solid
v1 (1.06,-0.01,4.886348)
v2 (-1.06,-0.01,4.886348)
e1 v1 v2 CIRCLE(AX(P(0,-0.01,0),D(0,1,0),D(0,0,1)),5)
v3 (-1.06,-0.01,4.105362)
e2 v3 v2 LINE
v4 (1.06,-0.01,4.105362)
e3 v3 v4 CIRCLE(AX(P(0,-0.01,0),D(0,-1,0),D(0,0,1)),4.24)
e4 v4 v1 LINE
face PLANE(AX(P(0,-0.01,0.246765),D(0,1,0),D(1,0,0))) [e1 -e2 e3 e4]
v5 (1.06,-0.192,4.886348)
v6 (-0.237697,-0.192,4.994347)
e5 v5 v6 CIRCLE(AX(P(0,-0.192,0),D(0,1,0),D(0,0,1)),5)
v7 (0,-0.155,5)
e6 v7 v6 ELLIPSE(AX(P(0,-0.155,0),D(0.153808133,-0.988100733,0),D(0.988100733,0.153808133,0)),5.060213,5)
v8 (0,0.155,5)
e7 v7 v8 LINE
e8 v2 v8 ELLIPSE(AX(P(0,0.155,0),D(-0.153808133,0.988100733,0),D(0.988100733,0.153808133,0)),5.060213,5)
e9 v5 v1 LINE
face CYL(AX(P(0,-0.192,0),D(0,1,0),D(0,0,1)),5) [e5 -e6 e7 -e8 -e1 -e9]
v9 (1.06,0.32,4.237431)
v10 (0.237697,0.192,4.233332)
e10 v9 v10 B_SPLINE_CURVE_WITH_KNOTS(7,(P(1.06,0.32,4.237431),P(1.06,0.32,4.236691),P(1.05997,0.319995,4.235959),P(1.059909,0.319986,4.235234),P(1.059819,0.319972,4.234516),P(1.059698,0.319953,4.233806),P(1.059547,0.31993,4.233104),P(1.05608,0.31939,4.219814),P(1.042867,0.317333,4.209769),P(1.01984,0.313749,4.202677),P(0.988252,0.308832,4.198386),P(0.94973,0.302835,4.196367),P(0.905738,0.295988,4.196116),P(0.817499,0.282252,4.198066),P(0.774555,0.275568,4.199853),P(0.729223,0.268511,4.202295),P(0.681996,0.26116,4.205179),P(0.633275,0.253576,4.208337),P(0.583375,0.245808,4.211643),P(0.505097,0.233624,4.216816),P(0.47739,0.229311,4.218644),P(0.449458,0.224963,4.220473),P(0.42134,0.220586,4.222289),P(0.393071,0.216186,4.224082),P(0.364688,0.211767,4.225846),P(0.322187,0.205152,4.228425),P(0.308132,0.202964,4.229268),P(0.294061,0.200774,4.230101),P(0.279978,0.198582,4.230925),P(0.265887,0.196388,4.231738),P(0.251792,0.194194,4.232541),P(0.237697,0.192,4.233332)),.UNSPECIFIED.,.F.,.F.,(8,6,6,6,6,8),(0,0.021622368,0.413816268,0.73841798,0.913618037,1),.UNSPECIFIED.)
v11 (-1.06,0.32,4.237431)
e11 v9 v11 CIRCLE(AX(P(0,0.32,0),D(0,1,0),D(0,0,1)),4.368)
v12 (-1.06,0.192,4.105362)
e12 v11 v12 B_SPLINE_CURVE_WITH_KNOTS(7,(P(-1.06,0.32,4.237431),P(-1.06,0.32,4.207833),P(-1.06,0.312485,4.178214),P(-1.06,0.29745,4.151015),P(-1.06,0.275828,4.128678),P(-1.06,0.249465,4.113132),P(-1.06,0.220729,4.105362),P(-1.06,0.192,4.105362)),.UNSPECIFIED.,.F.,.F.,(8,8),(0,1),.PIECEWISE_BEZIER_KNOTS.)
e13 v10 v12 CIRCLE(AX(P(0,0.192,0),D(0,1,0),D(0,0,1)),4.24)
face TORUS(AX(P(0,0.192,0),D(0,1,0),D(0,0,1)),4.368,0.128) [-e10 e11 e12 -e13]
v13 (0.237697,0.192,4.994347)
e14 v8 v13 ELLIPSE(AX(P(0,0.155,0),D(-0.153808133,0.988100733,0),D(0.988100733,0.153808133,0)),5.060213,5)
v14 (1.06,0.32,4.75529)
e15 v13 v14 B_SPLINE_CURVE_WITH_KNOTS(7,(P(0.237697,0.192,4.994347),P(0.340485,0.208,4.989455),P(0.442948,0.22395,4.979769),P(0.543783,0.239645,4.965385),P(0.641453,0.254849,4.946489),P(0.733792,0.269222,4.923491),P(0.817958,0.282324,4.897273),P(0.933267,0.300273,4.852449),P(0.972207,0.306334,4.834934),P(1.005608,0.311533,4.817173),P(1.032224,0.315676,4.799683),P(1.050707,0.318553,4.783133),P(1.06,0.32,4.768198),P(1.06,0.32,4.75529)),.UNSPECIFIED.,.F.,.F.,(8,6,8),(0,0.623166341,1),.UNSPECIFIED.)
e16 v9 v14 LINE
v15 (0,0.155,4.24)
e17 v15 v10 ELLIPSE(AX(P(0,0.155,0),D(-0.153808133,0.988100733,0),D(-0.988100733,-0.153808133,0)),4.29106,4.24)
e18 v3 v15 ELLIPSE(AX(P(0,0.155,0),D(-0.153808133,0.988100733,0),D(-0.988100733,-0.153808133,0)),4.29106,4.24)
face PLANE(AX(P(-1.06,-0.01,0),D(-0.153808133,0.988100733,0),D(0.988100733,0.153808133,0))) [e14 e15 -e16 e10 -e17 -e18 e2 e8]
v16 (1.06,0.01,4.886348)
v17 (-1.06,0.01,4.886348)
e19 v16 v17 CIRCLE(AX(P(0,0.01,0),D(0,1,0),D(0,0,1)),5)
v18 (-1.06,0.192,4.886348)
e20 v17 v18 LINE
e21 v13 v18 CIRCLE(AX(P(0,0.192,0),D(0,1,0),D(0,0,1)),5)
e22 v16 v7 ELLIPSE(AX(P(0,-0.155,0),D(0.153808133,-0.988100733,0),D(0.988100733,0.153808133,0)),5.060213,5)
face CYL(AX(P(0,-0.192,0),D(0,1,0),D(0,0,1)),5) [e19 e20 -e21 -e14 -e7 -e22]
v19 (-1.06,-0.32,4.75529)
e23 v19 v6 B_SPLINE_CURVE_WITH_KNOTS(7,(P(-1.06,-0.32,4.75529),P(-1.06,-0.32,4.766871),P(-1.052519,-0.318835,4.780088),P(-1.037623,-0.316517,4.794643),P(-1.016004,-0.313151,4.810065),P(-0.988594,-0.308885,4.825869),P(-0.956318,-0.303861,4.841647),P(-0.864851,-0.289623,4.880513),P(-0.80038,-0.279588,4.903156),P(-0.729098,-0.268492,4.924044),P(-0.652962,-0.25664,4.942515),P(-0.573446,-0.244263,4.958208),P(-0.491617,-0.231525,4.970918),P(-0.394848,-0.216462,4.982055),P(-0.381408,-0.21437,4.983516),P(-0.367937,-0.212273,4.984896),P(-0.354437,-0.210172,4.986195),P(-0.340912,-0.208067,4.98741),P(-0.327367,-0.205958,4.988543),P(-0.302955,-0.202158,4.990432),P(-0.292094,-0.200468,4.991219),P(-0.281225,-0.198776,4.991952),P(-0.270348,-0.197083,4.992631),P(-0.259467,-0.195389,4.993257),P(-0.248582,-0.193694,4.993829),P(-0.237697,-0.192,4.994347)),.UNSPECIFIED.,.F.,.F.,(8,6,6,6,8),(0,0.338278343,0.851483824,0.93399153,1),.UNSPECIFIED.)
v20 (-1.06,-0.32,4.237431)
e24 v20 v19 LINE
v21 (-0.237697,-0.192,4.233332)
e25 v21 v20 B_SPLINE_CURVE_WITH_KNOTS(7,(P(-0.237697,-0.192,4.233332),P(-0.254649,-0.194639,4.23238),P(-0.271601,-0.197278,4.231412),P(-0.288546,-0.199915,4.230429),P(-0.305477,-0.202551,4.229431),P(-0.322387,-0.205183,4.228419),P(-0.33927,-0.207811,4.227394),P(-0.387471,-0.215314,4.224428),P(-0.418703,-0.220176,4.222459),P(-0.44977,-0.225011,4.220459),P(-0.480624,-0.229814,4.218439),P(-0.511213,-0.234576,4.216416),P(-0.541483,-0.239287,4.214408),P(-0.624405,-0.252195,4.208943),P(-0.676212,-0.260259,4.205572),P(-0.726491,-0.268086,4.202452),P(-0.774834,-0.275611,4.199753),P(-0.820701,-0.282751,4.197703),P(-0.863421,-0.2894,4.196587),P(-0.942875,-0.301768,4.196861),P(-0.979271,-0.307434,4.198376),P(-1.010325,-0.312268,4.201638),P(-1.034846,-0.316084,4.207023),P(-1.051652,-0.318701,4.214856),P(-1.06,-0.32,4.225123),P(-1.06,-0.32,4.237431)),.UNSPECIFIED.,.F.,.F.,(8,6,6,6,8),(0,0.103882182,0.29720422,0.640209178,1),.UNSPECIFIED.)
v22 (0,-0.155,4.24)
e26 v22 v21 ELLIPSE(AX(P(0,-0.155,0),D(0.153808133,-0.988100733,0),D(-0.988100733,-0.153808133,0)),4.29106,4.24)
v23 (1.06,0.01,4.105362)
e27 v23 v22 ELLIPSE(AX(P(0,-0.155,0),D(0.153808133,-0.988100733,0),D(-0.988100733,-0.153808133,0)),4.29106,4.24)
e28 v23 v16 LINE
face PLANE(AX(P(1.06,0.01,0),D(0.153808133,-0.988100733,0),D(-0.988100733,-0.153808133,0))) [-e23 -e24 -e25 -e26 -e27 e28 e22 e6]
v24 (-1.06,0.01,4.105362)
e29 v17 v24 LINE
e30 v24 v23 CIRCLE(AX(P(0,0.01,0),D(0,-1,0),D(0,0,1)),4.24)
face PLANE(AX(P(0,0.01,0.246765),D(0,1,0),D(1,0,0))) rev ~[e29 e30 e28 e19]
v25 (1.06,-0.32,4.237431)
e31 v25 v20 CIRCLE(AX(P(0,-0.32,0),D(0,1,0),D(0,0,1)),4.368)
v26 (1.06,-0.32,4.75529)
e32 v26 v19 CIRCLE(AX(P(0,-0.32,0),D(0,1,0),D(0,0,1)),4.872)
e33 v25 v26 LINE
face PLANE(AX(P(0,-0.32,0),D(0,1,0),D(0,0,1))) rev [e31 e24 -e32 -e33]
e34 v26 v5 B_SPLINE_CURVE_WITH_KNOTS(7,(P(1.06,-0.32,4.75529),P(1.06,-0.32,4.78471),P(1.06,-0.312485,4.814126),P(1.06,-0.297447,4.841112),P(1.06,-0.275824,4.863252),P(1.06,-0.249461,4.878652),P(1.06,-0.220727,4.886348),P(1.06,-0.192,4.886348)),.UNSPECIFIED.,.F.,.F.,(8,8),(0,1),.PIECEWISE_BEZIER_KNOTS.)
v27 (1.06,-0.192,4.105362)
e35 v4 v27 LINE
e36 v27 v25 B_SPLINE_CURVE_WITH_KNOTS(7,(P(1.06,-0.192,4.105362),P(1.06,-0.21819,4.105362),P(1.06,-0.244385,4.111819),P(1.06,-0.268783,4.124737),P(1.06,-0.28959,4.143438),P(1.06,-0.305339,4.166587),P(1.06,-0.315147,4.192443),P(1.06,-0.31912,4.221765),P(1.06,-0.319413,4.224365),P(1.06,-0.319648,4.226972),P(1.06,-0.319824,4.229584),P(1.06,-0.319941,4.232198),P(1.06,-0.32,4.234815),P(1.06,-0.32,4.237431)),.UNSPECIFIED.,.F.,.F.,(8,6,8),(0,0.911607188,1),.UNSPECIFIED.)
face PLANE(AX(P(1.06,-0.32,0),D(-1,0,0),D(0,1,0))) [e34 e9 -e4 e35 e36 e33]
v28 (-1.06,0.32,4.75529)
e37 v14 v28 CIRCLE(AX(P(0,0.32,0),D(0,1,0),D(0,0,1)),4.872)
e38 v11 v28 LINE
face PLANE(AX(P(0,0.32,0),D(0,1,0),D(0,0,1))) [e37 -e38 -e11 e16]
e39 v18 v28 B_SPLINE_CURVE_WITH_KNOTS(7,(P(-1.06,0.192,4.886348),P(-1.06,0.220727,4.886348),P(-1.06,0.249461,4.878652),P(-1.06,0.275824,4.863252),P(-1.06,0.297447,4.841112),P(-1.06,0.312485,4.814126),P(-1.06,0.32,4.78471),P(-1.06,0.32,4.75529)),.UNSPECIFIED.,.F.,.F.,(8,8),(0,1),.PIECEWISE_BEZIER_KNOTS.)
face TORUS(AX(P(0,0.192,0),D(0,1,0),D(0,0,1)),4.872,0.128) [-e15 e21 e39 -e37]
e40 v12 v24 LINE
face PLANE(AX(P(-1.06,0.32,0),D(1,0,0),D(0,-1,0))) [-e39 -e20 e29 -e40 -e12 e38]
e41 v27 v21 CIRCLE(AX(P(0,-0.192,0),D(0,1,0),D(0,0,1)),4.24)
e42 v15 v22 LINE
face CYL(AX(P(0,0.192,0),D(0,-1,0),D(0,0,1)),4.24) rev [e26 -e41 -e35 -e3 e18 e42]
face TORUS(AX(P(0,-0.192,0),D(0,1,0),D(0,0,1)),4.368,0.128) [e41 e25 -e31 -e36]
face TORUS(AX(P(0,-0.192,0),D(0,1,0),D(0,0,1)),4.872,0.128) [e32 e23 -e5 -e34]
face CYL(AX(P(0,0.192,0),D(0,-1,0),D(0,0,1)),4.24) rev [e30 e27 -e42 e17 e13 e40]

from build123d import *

# Parameters (mm, degrees)
CUT_EXTRUDE1_DEPTH      = 8.48
CUT_EXTRUDE2_DEPTH      = 8.48
CUT_EXTRUDE3_DEPTH      = 0.01
CUT_EXTRUDE3_DEPTH_BACK = 0.01


with BuildPart() as part:
    # Sketch3 → Revolve1 (revolve)
    with BuildSketch(Plane(origin=(0, 0, 0), x_dir=(0, 0, -1), z_dir=(1, 0, 0)), mode=Mode.PRIVATE) as revolve1_sk:
        with BuildLine():
            Line((4.368, -0.32), (4.872, -0.32))
            ThreePointArc((4.872, -0.32), (4.962509668, -0.282509668), (5, -0.192))
            Line((5, -0.192), (5, 0.192))
            ThreePointArc((5, 0.192), (4.962509668, 0.282509668), (4.872, 0.32))
            Line((4.872, 0.32), (4.368, 0.32))
            ThreePointArc((4.368, 0.32), (4.277490332, 0.282509668), (4.24, 0.192))
            Line((4.24, 0.192), (4.24, -0.192))
            ThreePointArc((4.24, -0.192), (4.277490332, -0.282509668), (4.368, -0.32))
        make_face()
    revolve(revolve1_sk.sketch.rotate(Axis((0, -1, 0), (0, 1, 0)), 180), axis=Axis((0, -1, 0), (0, 1, 0)))

    # Sketch1 → Cut-Extrude1 (cut)
    with BuildSketch(Plane.XY):
        Polygon((-1.06, 0.32), (-1.06, -0.01), (1.06, 0.32), align=None)
    extrude(amount=CUT_EXTRUDE1_DEPTH, mode=Mode.SUBTRACT)

    # Sketch2 → Cut-Extrude2 (cut)
    with BuildSketch(Plane.XY):
        Polygon((-1.06, -0.32), (1.06, -0.32), (1.06, 0.01), align=None)
    extrude(amount=CUT_EXTRUDE2_DEPTH, mode=Mode.SUBTRACT)

    # Sketch4 → Cut-Extrude3 (cut, two sides)
    with BuildSketch(Plane(origin=(0, 0, 0), x_dir=(1, 0, 0), z_dir=(0, 1, 0))) as cut_extrude3_sk:
        with BuildLine():
            Line((-5.544, -5.544), (-1.06, -5.544))
            Line((-1.06, -5.544), (-1.06, -4.0019995))
            ThreePointArc((-1.06, -4.0019995), (0, -4.14), (1.06, -4.0019995))
            Line((1.06, -4.0019995), (1.06, -5.544))
            Line((1.06, -5.544), (5.544, -5.544))
            Line((5.544, -5.544), (5.544, 5.544))
            Line((5.544, 5.544), (-5.544, 5.544))
            Line((-5.544, 5.544), (-5.544, -5.544))
        make_face()
    extrude(amount=CUT_EXTRUDE3_DEPTH, mode=Mode.SUBTRACT)
    extrude(cut_extrude3_sk.sketch, amount=-CUT_EXTRUDE3_DEPTH_BACK, mode=Mode.SUBTRACT)


solid = part.part
